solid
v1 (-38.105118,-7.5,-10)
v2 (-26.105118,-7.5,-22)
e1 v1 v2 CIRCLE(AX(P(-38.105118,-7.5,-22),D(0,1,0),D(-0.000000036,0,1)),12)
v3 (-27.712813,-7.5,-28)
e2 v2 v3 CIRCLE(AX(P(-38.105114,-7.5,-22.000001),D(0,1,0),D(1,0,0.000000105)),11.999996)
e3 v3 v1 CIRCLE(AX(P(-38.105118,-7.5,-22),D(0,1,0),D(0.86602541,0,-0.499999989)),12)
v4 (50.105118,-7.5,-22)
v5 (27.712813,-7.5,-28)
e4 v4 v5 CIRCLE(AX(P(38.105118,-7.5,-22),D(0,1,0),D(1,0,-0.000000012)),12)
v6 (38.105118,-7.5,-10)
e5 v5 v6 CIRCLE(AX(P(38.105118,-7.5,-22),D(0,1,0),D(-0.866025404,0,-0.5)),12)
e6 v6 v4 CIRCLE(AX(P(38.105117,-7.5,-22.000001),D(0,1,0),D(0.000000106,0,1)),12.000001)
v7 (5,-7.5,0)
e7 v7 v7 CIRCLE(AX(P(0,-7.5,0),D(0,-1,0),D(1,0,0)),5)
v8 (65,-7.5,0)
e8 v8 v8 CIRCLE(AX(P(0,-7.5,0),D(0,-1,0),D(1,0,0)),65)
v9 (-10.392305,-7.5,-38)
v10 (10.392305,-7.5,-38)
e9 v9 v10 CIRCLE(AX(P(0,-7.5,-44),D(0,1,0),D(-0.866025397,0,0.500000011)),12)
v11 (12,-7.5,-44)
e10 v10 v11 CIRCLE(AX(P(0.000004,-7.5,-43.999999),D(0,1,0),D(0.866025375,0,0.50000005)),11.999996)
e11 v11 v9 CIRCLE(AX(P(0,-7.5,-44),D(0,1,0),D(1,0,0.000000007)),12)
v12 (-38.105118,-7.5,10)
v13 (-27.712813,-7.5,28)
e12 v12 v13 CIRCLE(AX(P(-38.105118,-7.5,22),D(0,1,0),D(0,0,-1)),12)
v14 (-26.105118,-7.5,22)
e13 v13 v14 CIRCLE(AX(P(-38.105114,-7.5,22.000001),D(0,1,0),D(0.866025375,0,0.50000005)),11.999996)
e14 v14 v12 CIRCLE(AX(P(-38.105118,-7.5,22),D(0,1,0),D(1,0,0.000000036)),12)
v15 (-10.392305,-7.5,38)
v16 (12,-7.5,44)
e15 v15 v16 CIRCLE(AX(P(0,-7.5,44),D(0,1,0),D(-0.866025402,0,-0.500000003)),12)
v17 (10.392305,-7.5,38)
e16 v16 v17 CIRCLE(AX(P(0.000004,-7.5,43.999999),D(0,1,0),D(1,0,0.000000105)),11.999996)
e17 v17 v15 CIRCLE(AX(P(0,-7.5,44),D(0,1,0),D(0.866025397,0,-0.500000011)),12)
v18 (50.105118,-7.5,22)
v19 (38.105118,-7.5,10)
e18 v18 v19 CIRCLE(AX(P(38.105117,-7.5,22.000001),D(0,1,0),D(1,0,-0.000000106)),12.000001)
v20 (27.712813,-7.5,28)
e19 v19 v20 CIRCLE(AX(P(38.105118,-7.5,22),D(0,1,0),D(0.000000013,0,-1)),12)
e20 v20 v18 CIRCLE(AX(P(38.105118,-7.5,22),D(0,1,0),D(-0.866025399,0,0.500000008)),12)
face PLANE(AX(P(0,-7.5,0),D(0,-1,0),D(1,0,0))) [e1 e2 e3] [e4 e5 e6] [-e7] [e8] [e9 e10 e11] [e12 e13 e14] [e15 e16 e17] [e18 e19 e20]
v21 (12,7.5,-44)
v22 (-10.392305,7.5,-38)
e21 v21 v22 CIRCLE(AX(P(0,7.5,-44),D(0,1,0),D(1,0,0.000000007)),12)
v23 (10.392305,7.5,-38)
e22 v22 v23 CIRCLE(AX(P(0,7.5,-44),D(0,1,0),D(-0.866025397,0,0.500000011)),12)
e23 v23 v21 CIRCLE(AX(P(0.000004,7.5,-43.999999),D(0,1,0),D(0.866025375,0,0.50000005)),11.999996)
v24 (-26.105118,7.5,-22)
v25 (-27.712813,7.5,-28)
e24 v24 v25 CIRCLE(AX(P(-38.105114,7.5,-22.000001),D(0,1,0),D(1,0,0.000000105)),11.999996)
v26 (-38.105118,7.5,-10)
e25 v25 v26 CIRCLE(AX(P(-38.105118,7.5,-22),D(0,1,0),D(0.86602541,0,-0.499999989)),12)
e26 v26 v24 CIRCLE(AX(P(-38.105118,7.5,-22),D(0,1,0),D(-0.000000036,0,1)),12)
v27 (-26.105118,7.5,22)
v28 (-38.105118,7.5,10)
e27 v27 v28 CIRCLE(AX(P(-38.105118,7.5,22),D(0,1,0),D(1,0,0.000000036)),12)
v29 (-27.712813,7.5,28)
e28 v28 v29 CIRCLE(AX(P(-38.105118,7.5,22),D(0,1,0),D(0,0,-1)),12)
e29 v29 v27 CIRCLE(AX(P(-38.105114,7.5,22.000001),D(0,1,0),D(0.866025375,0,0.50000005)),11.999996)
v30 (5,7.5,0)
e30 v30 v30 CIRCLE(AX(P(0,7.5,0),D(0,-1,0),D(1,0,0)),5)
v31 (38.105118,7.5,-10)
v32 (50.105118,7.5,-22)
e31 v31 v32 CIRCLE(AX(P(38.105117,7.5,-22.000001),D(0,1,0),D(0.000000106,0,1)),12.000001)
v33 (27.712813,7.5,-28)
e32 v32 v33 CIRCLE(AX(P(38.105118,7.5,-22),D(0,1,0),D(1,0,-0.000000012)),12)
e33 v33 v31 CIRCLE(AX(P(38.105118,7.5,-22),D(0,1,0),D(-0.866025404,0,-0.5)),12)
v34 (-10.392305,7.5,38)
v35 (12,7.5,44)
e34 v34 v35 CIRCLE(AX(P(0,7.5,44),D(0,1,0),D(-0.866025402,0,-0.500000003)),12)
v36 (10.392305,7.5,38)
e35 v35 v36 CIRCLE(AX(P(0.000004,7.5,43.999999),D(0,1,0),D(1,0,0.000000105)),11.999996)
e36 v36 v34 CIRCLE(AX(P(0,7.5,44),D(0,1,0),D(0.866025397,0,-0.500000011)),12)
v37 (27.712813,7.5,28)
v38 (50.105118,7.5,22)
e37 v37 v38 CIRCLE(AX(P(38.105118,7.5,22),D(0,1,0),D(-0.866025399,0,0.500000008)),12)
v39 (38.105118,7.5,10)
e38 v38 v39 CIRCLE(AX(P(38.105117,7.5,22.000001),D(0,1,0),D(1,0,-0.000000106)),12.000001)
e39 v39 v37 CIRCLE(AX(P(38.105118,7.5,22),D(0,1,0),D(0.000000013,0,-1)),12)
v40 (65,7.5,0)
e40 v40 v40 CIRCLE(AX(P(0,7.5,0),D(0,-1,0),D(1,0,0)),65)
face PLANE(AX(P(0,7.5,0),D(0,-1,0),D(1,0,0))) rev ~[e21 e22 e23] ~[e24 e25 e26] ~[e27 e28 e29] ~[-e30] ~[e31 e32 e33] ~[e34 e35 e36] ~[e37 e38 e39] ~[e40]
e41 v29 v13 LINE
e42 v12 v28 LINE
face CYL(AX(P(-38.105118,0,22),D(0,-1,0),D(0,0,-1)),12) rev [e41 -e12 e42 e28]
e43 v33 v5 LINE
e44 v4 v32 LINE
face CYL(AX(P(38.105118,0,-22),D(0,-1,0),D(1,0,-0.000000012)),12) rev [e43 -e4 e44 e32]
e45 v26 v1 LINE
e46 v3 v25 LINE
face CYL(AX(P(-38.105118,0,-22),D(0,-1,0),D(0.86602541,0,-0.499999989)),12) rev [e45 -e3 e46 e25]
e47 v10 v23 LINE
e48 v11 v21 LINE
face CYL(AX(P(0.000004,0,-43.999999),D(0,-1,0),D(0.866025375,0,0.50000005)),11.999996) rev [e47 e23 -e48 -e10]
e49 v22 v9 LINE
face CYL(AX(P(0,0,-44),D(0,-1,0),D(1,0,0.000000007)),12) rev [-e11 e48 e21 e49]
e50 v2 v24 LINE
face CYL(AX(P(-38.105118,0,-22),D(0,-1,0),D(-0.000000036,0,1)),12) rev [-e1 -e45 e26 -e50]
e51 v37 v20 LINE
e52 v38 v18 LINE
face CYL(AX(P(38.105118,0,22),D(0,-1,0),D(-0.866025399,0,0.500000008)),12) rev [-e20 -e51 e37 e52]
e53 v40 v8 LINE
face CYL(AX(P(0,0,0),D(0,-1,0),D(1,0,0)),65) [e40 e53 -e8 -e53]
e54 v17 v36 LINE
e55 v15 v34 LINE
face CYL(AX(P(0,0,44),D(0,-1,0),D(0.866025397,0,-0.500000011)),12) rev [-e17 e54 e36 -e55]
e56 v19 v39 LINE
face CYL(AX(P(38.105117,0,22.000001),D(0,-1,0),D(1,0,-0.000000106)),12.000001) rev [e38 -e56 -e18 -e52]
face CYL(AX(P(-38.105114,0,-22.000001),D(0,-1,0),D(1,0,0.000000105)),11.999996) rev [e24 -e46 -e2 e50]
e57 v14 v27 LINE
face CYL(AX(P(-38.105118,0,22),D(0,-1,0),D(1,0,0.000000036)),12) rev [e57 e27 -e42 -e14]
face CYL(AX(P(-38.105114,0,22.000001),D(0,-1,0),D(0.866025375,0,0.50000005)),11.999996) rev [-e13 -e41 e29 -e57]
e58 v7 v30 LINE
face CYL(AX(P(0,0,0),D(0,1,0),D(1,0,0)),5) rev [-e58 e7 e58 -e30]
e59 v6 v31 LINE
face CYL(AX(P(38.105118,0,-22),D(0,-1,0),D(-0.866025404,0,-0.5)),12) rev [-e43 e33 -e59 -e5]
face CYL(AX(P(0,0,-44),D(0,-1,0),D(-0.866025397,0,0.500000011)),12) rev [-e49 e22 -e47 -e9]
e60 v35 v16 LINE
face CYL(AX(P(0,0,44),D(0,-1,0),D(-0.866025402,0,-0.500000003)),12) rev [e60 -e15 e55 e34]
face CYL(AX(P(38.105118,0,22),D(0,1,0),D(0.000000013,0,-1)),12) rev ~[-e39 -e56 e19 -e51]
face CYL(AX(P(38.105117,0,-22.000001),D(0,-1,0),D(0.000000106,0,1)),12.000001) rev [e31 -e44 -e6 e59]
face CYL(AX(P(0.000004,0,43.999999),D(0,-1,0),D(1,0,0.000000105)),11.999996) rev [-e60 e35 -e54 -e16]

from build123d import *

# Parameters (mm, degrees)
F0_R     = 65
F0_R_2   = 5
F1_DEPTH = 7.5


with BuildPart() as f1:
    # F0 (on Front) → F1 (new body, symmetric)
    with BuildSketch(Plane.XZ):
        Circle(F0_R)
        with BuildLine():
            ThreePointArc((12, 44), (11.59111, 40.894171), (10.392305, 38))
            Line((10.392305, 38), (27.712813, 28))
            ThreePointArc((27.712813, 28), (41.210946, 33.59111), (50.105118, 22))
            ThreePointArc((50.105118, 22), (46.590399, 13.514719), (38.105118, 10))
            Line((38.105118, 10), (38.105118, -10))
            ThreePointArc((38.105118, -10), (46.590399, -13.514719), (50.105118, -22))
            ThreePointArc((50.105118, -22), (41.210946, -33.59111), (27.712813, -28))
            Line((27.712813, -28), (10.392305, -38))
            ThreePointArc((10.392305, -38), (11.59111, -40.894171), (12, -44))
            ThreePointArc((12, -44), (-3.105829, -55.59111), (-10.392305, -38))
            Line((-10.392305, -38), (-27.712813, -28))
            ThreePointArc((-27.712813, -28), (-48.497423, -28), (-38.105118, -10))
            Line((-38.105118, -10), (-38.105118, 10))
            ThreePointArc((-38.105118, 10), (-48.497423, 28), (-27.712813, 28))
            Line((-27.712813, 28), (-10.392305, 38))
            ThreePointArc((-10.392305, 38), (-3.105829, 55.59111), (12, 44))
        make_face(mode=Mode.SUBTRACT)
        with BuildLine():
            Line((27.712813, 28), (10.392305, 38))
            ThreePointArc((10.392305, 38), (0, 32), (-10.392305, 38))
            Line((-10.392305, 38), (-27.712813, 28))
            ThreePointArc((-27.712813, 28), (-26.514008, 25.105829), (-26.105118, 22))
            ThreePointArc((-26.105118, 22), (-29.619836, 13.514719), (-38.105118, 10))
            Line((-38.105118, 10), (-38.105118, -10))
            ThreePointArc((-38.105118, -10), (-29.619836, -13.514719), (-26.105118, -22))
            ThreePointArc((-26.105118, -22), (-26.514008, -25.105829), (-27.712813, -28))
            Line((-27.712813, -28), (-10.392305, -38))
            ThreePointArc((-10.392305, -38), (0, -32), (10.392305, -38))
            Line((10.392305, -38), (27.712813, -28))
            ThreePointArc((27.712813, -28), (27.712813, -16), (38.105118, -10))
            Line((38.105118, -10), (38.105118, 10))
            ThreePointArc((38.105118, 10), (27.712813, 16), (27.712813, 28))
        make_face()
        Circle(F0_R_2, mode=Mode.SUBTRACT)
    extrude(amount=F1_DEPTH, both=True)


solid = f1.part
